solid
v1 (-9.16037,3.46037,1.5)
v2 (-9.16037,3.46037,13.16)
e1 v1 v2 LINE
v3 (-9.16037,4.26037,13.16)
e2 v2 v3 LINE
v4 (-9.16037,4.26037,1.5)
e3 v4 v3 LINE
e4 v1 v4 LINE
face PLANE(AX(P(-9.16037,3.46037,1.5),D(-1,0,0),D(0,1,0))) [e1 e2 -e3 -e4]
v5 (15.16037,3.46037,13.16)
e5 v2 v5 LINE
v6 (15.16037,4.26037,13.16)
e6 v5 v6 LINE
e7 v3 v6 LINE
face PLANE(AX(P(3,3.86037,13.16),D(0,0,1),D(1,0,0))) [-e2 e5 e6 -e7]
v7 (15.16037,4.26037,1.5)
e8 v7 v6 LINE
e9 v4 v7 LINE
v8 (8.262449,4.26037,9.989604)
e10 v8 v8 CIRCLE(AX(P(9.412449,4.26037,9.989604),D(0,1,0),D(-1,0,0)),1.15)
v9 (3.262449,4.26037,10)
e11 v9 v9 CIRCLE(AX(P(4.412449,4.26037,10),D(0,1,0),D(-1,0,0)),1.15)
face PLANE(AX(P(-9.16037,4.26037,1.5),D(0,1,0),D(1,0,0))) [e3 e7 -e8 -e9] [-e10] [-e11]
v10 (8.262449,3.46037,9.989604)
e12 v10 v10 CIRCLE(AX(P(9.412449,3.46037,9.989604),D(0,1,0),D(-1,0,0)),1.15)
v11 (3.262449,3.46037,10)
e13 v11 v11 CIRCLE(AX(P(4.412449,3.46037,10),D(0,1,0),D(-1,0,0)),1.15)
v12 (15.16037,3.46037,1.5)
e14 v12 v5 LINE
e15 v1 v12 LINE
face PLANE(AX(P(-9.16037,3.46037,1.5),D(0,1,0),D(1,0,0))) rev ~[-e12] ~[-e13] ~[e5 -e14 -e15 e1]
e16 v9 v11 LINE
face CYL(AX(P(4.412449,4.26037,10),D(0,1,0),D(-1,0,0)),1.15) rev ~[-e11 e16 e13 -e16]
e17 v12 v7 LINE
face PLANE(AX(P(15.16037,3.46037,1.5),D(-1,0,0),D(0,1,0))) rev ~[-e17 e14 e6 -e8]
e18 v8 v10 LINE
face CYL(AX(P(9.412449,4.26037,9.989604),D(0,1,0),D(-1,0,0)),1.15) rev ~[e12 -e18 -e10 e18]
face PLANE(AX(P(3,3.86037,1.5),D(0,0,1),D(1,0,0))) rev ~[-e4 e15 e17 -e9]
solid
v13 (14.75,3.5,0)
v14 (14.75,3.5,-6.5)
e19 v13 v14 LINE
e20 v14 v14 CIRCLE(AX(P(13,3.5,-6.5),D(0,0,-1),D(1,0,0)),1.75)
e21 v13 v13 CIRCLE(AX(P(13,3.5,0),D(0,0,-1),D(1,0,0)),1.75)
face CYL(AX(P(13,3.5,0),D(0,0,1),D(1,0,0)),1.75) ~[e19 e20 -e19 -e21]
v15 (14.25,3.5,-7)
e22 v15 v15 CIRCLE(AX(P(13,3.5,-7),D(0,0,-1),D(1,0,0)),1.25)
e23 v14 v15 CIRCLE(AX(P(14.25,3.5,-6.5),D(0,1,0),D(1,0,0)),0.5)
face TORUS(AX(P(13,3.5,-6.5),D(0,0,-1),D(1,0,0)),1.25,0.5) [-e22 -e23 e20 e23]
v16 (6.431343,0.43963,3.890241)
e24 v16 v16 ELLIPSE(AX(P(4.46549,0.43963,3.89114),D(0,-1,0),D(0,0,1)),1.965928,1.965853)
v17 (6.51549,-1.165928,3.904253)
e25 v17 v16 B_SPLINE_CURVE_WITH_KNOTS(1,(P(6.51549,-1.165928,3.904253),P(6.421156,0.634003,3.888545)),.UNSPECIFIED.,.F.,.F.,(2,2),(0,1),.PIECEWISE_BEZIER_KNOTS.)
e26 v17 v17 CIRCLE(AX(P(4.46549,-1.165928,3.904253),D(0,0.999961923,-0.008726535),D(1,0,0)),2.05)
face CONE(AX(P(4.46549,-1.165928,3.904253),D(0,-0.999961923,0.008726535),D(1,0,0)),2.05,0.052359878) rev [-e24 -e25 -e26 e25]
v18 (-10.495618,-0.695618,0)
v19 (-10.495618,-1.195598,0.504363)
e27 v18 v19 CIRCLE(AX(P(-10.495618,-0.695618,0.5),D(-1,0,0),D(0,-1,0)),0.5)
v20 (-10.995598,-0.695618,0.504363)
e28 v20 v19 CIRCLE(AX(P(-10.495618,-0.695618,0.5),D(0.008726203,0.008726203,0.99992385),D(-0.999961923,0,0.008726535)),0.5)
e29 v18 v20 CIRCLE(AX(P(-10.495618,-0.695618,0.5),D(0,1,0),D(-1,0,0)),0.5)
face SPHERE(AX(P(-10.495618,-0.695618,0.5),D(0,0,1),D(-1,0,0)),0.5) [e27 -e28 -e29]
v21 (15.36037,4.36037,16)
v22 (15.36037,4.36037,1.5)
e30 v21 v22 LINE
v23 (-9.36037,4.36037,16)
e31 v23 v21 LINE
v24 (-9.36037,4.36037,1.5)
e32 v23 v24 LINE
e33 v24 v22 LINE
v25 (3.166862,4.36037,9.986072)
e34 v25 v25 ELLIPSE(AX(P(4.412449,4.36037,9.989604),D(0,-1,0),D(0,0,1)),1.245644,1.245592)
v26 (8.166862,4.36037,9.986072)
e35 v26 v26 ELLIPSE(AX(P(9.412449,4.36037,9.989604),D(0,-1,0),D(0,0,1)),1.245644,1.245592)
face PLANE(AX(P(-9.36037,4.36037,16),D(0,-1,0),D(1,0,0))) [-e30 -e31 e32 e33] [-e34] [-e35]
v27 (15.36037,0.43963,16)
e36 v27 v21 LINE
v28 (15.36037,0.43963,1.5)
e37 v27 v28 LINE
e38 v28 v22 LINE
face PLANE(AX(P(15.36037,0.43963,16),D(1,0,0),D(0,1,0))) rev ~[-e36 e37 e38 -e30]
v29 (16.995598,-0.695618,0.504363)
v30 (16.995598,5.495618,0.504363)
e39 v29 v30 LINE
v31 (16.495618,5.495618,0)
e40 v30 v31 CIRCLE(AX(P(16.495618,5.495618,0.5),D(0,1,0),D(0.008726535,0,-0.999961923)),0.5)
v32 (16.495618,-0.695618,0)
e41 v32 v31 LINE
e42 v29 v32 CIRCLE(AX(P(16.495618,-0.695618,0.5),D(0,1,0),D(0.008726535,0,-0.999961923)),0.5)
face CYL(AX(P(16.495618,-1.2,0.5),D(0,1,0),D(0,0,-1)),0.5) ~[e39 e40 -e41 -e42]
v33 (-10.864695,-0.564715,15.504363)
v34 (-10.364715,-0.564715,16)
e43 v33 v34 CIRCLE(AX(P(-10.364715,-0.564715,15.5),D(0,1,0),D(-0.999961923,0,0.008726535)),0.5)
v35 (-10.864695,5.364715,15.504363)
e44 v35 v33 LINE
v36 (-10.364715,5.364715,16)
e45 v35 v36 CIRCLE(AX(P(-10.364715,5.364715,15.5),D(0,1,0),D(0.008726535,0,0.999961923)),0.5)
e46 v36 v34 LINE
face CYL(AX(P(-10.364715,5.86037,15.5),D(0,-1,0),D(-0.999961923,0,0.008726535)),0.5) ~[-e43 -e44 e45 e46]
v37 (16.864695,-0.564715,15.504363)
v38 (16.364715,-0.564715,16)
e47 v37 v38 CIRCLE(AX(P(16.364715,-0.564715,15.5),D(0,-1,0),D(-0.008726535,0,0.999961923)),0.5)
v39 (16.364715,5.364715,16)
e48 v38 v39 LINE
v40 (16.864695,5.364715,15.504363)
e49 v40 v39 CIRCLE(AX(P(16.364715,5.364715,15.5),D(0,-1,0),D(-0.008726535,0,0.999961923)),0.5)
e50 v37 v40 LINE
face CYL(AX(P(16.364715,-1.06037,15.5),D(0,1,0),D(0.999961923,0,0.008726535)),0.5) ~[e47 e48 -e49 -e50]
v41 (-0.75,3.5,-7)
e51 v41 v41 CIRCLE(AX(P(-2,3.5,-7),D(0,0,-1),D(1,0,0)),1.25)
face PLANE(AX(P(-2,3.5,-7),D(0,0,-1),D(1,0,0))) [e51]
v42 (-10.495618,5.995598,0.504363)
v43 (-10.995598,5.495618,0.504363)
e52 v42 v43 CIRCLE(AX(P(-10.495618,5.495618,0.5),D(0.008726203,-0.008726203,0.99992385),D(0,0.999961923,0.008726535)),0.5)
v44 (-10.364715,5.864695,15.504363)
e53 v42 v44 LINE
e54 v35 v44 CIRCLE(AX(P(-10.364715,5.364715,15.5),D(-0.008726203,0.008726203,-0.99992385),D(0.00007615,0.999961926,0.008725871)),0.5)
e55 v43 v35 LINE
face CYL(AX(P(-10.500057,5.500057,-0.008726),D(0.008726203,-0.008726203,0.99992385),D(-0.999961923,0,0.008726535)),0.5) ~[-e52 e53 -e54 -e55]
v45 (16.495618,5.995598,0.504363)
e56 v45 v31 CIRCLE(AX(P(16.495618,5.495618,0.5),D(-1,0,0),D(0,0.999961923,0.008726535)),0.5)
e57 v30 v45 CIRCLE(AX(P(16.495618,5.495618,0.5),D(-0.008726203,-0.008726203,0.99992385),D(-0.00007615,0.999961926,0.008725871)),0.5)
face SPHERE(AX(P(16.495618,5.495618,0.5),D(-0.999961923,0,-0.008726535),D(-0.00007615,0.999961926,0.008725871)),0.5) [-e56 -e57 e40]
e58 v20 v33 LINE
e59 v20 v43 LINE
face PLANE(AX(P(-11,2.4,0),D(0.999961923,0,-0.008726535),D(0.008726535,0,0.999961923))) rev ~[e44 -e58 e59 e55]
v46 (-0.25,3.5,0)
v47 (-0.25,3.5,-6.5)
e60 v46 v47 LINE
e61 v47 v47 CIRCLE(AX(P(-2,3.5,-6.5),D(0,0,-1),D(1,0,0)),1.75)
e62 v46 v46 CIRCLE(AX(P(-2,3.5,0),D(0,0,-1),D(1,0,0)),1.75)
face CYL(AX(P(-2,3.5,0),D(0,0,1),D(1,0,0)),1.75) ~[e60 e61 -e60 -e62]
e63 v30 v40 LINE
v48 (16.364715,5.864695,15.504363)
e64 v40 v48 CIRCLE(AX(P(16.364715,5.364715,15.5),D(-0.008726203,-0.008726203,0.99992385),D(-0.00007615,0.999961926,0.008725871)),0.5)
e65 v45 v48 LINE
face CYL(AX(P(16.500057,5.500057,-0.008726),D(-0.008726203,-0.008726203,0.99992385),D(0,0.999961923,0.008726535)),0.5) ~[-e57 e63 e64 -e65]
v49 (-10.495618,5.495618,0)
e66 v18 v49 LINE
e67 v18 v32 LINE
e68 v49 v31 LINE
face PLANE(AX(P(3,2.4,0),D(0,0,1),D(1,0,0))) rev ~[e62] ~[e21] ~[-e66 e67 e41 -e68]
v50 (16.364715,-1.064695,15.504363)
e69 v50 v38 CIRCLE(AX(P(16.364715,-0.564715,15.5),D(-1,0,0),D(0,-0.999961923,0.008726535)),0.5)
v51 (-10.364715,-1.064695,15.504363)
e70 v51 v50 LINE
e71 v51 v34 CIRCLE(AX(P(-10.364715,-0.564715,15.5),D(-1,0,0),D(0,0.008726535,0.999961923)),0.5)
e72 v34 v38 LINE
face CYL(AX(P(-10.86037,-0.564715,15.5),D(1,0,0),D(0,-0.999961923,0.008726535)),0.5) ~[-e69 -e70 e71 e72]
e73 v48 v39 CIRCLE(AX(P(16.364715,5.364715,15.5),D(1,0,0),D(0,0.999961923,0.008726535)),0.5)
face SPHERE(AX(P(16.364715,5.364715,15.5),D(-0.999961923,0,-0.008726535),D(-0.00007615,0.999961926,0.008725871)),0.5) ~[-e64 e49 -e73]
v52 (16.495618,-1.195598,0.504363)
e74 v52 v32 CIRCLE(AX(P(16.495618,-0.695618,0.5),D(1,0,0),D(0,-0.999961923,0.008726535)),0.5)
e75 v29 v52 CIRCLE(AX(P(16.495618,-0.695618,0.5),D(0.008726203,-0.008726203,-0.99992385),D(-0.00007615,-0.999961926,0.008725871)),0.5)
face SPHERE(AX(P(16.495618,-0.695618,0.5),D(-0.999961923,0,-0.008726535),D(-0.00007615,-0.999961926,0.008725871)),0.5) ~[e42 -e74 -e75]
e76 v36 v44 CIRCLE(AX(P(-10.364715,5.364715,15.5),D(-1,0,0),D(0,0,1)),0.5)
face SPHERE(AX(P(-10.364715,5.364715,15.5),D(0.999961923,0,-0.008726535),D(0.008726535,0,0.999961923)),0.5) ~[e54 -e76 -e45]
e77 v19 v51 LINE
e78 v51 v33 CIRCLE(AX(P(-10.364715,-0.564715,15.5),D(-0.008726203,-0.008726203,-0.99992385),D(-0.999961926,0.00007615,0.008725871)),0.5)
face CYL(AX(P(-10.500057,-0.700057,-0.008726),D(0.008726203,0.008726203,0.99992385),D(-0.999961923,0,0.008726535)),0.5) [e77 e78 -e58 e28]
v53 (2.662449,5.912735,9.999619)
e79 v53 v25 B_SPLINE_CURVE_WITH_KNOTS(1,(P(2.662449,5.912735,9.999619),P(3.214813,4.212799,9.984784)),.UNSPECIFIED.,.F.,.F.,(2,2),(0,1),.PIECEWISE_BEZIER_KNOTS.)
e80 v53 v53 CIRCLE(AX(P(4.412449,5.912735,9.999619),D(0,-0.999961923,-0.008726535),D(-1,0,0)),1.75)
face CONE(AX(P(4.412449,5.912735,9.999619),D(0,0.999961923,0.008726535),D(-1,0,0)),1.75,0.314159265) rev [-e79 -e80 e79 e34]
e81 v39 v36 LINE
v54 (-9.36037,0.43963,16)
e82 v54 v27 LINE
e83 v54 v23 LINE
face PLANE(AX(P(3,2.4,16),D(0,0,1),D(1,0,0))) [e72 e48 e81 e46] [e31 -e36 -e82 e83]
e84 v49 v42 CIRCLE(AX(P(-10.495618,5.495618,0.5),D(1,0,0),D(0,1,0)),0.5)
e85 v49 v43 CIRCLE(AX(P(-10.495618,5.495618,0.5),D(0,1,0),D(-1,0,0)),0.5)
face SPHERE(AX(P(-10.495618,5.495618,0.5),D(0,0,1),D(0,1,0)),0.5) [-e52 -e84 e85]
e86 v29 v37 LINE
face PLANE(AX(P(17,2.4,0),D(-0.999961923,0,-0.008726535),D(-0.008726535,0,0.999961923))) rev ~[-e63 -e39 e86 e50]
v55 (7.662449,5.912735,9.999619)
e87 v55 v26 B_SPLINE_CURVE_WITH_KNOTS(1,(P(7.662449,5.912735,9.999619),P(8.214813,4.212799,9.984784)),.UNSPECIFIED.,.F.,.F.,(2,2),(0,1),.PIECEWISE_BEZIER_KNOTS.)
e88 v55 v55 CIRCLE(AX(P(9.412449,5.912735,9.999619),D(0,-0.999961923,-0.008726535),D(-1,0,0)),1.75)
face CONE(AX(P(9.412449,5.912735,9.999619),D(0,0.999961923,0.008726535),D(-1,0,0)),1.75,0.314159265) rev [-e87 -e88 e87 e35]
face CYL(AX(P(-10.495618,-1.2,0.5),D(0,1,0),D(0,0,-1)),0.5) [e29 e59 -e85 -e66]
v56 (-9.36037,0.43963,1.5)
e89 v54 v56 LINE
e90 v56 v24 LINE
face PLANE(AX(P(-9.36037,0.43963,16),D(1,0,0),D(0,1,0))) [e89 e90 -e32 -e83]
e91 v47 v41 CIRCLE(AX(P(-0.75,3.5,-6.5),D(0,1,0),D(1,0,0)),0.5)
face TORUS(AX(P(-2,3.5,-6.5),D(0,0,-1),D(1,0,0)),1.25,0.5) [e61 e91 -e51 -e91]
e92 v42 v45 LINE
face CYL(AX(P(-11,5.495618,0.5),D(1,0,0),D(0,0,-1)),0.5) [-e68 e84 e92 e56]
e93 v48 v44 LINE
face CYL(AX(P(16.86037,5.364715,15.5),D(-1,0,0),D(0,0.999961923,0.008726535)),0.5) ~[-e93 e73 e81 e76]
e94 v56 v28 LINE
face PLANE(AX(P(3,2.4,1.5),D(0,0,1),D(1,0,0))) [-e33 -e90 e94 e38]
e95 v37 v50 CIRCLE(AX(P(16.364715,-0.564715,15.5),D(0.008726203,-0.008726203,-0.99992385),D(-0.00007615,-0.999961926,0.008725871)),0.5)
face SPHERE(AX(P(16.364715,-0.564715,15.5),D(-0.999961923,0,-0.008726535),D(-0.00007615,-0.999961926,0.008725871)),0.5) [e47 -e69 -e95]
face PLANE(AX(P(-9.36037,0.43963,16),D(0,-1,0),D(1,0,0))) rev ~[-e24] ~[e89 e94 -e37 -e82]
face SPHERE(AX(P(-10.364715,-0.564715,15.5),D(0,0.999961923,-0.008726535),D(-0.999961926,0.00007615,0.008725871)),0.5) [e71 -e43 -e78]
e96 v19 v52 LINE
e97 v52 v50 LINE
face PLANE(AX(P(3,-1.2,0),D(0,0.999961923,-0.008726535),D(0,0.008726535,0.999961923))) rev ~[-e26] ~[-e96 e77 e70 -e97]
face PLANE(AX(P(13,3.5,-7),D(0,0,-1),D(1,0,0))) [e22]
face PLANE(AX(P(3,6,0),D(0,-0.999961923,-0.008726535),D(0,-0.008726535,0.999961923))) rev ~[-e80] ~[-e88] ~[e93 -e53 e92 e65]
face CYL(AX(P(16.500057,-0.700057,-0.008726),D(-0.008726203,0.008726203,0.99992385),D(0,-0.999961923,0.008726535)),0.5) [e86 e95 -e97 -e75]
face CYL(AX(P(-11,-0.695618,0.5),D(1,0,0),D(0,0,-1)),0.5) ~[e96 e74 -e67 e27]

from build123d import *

# Parameters (mm, degrees)
F0_W      = 28
F0_H      = 7.2
F1_DEPTH  = 16
F1_TAPER  = 0.5
F3_R      = 1.75
F4_DEPTH  = 7
F5_R      = 1.75
F6_DEPTH  = 1.6
F6_TAPER  = 18
F7_R      = 1.75
F8_DEPTH  = 1.7
F8_TAPER  = 18
F2_W      = 24.7207402307
F2_H      = 3.9207402307
F9_DEPTH  = 14.5
F10_W     = 24.3207402307
F10_H     = 0.8
F11_DEPTH = 11.66
F12_R     = 1.15
F13_DEPTH = 1
F14_R     = 0.5
F15_R     = 2.05
F16_DEPTH = 1.8
F16_TAPER = 3


with BuildPart() as f1:
    # F0 (on Top) → F1 (new body)
    with BuildSketch(Plane.XY):
        with Locations((3, 2.4)):
            Rectangle(F0_W, F0_H)
    extrude(amount=F1_DEPTH, taper=F1_TAPER)

    # F3 (on face) → F4 (join)
    with BuildSketch(Plane(origin=(0, 0, 0), x_dir=(1, 0, 0), z_dir=(0, 0, -1))):
        with Locations((13, -3.5)):
            Circle(F3_R)
        with Locations((-2, -3.5)):
            Circle(F3_R)
    extrude(amount=F4_DEPTH)

    # F5 (on face) → F6 (cut)
    with BuildSketch(Plane(origin=(0, 5.9995430855, 0.0523572193), x_dir=(-1, 0, 0), z_dir=(0, 0.9999619231, 0.0087265355))):
        with Locations((-6.7264116369, 22.8813774884)):
            Circle(F5_R)
    extrude(amount=-F6_DEPTH, taper=F6_TAPER, mode=Mode.SUBTRACT)

    # F7 (on face) → F8 (cut)
    with BuildSketch(Plane(origin=(0, 5.9995430855, 0.0523572193), x_dir=(-1, 0, 0), z_dir=(0, 0.9999619231, 0.0087265355))):
        with Locations((-9.4124490789, 9.947640787)):
            Circle(F7_R)
        with Locations((-4.4124490789, 9.947640787)):
            Circle(F7_R)
    extrude(amount=-F8_DEPTH, taper=F8_TAPER, mode=Mode.SUBTRACT)

    # F2 (on face) → F9 (cut)
    with BuildSketch(Plane.XY.offset(16)):
        with Locations((3, 2.4)):
            Rectangle(F2_W, F2_H)
    extrude(amount=-F9_DEPTH, mode=Mode.SUBTRACT)

    # F14
    f14_edges = [f1.edges().sort_by_distance(p)[0] for p in [
        (3, 5.86037, 16),
        (-10.86037, 2.4, 16),
        (-10.930185, 5.930185, 8),
        (3, 6, 0),
        (16.930185, 5.930185, 8),
        (-10.930185, -1.130185, 8),
        (-11, 2.4, 0),
        (3, -1.2, 0),
        (3, -1.06037, 16),
        (16.930185, -1.130185, 8),
        (16.86037, 2.4, 16),
        (17, 2.4, 0),
        (-3.75, 3.5, -7),
        (11.25, 3.5, -7),
    ]]
    fillet(f14_edges, radius=F14_R)

    # F15 (on face) → F16 (cut)
    with BuildSketch(Plane(origin=(0, -1.1999086171, 0.0104714439), x_dir=(1, 0, 0), z_dir=(0, -0.9999619231, 0.0087265355))):
        with Locations((4.4654902328, 3.893929669)):
            Circle(F15_R)
    extrude(amount=-F16_DEPTH, taper=F16_TAPER, mode=Mode.SUBTRACT)


with BuildPart() as f11:
    # F10 (on face) → F11 (new body)
    with BuildSketch(Plane.XY.offset(1.5)):
        with Locations((3, 3.8603701153)):
            Rectangle(F10_W, F10_H)
    extrude(amount=F11_DEPTH)

    # F12 (on face) → F13 (cut)
    with BuildSketch(Plane(origin=(0, 4.2603701153, 0), x_dir=(-1, 0, 0), z_dir=(0, 1, 0))):
        with Locations((-9.4124490789, 9.9896040143)):
            Circle(F12_R)
        with Locations((-4.4124490789, 10)):
            Circle(F12_R)
    extrude(amount=-F13_DEPTH, mode=Mode.SUBTRACT)


solid = Compound([f1.part, f11.part])
